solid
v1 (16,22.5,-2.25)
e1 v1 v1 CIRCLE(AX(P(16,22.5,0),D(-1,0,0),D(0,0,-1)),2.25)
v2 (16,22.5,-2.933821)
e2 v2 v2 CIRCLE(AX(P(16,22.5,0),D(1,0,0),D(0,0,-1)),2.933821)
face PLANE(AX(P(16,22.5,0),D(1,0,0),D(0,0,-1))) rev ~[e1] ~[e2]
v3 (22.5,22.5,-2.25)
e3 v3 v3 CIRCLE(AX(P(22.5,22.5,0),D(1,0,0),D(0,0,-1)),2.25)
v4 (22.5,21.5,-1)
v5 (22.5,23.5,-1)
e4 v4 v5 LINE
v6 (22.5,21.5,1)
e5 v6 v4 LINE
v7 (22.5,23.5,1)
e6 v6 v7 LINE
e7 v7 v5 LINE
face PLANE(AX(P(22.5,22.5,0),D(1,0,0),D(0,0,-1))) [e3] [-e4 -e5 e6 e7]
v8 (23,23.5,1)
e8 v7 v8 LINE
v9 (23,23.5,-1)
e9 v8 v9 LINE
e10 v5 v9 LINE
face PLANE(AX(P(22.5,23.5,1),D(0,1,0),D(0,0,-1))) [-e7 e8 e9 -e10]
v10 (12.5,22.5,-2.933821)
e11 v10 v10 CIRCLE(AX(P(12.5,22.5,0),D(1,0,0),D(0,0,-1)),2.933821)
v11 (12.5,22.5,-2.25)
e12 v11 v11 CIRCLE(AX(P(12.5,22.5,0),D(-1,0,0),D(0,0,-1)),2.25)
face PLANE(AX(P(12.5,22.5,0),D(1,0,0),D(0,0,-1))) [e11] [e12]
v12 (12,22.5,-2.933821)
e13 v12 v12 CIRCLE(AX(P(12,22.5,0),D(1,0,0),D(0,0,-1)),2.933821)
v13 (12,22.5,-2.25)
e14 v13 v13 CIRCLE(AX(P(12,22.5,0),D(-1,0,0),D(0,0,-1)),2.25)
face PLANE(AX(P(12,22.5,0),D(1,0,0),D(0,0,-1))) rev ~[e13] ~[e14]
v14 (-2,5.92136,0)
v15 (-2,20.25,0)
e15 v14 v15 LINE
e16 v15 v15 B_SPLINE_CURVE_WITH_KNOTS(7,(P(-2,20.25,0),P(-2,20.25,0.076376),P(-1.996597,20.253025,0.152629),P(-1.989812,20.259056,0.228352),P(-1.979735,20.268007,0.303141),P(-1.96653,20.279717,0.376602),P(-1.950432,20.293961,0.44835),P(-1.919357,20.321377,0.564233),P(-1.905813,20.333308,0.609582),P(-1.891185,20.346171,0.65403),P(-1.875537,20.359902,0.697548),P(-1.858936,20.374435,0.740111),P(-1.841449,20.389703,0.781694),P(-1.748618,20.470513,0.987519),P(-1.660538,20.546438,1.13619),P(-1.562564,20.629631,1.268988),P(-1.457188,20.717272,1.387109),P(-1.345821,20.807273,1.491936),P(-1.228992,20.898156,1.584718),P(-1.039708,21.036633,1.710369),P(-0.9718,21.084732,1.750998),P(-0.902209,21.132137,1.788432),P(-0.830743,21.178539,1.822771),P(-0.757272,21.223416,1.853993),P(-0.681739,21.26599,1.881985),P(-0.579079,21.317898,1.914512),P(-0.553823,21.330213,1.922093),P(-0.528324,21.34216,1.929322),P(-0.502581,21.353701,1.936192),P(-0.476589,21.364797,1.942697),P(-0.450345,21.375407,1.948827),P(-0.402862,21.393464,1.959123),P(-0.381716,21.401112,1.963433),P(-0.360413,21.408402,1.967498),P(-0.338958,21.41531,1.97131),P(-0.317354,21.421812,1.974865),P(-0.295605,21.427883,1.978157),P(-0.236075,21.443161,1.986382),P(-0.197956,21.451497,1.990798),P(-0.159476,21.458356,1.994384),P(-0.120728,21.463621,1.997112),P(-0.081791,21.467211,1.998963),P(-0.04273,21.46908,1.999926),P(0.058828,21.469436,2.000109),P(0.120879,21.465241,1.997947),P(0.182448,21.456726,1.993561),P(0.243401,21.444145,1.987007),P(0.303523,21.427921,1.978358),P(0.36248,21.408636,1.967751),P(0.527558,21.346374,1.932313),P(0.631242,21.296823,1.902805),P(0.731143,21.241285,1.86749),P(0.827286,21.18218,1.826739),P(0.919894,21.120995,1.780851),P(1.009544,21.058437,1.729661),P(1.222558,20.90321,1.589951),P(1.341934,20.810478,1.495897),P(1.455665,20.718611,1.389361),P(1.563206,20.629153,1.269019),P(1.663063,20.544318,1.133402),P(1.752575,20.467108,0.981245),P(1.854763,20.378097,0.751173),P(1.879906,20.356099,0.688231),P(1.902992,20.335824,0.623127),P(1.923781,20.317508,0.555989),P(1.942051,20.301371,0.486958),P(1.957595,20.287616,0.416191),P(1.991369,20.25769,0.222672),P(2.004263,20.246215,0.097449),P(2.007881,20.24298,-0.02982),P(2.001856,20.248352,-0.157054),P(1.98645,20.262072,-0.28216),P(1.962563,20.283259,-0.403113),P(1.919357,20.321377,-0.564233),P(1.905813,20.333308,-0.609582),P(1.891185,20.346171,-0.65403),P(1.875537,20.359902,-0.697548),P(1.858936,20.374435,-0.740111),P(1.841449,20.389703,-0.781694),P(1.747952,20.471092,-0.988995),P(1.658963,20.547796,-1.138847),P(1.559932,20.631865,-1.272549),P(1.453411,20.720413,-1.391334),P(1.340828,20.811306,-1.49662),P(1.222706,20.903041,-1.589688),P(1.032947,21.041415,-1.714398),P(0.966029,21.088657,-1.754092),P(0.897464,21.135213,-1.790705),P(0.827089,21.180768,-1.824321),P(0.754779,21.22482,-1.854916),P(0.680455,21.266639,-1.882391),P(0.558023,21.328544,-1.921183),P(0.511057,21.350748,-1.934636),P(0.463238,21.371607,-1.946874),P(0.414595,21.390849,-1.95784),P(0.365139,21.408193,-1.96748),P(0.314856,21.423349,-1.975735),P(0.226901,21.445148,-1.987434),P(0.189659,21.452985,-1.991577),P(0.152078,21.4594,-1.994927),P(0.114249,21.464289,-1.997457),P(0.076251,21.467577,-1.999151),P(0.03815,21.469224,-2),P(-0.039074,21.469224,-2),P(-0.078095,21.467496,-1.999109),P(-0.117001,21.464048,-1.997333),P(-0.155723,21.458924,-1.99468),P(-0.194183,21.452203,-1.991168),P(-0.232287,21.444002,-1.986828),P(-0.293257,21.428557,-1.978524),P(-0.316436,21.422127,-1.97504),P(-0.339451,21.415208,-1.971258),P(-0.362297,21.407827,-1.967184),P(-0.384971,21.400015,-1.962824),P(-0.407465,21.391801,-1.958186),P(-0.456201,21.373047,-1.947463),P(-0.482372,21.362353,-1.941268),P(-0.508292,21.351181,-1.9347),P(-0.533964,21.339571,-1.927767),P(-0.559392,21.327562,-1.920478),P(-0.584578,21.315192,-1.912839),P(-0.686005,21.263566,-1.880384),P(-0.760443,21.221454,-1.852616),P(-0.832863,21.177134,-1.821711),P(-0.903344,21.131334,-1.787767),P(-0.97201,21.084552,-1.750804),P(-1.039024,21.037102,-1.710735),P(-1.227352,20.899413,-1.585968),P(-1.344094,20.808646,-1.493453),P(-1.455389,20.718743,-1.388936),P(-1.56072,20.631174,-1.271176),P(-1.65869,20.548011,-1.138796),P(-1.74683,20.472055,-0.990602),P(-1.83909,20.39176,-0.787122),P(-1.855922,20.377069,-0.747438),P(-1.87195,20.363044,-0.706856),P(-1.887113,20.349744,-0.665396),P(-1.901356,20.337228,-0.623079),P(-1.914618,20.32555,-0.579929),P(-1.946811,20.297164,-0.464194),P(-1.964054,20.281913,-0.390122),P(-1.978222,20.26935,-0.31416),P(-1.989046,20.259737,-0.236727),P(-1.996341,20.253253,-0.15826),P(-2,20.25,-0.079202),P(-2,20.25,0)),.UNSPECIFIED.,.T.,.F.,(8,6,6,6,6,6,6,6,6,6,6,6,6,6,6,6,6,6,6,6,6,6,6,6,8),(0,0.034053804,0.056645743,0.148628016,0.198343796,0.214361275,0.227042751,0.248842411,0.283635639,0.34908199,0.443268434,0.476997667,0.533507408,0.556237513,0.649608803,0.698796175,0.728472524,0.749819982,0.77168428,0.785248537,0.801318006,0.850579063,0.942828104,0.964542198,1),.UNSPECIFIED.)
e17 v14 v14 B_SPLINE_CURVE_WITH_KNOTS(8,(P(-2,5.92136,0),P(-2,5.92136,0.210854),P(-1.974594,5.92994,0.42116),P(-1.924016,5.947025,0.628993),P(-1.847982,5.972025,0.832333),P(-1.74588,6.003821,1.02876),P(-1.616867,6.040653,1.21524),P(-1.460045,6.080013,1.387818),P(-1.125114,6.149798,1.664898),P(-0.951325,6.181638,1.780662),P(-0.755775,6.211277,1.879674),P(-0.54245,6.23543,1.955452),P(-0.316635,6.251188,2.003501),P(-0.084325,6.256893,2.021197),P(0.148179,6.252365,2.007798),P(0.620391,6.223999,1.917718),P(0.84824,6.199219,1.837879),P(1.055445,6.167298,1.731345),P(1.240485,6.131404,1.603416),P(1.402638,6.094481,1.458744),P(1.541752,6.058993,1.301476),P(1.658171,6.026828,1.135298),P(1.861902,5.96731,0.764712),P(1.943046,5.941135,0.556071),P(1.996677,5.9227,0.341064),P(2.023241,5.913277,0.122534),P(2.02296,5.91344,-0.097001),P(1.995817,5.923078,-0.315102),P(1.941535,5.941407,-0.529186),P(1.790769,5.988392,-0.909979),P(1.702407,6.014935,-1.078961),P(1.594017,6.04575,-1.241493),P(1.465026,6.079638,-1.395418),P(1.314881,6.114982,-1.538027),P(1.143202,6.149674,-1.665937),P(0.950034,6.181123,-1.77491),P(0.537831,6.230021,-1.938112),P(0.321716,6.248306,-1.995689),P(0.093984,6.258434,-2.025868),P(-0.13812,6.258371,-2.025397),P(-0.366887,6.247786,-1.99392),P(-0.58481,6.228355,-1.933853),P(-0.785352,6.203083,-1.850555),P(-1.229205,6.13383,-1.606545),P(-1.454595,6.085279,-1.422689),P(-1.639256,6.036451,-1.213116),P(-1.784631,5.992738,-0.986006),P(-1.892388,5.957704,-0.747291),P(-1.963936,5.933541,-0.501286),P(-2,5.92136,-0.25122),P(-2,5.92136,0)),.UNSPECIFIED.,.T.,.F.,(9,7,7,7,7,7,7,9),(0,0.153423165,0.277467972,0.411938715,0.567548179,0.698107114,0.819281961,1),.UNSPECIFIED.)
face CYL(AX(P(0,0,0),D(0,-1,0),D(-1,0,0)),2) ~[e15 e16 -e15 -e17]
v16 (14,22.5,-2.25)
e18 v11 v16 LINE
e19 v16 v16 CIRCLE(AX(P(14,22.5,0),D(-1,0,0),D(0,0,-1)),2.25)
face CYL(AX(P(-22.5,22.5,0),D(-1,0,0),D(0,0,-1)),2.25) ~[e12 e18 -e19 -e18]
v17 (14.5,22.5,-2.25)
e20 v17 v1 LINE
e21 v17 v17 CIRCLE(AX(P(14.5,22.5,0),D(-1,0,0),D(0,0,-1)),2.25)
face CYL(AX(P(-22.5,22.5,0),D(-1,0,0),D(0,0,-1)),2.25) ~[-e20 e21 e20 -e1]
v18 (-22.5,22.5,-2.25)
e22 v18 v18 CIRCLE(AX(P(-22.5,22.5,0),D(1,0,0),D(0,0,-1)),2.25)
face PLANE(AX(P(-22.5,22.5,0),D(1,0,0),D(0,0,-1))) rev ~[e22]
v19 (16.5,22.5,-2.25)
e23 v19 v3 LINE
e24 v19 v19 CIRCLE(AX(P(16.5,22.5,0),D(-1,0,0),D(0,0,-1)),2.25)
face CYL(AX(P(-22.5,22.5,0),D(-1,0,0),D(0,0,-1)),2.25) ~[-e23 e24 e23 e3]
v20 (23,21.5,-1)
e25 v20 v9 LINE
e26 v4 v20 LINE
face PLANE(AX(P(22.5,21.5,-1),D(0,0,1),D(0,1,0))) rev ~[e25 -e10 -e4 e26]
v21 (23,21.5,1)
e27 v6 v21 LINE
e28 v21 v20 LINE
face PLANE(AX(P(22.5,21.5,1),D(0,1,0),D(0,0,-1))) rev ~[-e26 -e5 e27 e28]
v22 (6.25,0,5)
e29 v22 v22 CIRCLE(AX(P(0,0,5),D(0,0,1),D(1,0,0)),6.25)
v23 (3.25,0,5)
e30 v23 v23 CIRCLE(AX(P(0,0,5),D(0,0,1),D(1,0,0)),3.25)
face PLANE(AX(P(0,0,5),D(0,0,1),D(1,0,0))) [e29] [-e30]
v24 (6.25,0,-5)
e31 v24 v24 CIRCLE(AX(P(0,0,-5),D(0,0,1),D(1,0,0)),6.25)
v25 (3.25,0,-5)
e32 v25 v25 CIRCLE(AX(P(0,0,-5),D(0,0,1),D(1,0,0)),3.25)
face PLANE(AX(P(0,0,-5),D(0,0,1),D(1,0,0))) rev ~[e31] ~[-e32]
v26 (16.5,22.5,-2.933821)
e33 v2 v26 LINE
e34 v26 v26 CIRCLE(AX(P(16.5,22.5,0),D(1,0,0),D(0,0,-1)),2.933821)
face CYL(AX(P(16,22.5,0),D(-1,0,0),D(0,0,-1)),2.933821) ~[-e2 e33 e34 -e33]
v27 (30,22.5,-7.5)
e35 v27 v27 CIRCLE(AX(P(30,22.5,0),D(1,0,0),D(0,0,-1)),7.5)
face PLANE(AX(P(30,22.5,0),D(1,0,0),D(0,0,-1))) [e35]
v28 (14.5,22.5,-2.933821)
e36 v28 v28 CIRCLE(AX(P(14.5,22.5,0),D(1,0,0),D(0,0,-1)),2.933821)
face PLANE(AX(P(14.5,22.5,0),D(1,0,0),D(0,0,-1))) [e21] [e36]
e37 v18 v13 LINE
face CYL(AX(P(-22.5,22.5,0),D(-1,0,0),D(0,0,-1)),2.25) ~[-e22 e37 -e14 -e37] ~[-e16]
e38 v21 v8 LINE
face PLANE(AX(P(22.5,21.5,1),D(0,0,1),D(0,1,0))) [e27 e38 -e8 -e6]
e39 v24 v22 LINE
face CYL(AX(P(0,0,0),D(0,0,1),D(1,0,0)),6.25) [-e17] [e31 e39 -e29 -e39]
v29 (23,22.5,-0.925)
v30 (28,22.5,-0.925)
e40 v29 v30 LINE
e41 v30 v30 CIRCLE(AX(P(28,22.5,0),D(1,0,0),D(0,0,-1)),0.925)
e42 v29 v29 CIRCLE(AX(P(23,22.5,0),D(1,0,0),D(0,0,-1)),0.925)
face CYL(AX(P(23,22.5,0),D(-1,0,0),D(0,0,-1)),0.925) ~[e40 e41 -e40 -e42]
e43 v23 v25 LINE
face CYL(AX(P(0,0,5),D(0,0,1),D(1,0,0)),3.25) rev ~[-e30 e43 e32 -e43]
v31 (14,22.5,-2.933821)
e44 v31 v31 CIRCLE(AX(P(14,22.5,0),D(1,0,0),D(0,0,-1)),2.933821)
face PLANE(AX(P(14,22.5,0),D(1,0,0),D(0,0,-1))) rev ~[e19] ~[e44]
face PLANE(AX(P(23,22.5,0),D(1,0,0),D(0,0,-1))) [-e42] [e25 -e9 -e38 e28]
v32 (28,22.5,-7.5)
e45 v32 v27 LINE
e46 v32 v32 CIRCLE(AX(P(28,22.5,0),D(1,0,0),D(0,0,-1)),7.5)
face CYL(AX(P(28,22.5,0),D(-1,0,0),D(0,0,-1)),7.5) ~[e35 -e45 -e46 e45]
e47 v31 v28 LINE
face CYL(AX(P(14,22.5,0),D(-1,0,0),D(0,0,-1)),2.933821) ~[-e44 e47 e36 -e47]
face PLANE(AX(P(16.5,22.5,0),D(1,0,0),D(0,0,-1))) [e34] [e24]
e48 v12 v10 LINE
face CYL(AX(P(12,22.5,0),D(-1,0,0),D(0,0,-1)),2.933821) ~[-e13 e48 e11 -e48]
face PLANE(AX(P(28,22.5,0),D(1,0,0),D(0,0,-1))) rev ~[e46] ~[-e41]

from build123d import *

# Parameters (mm, degrees)
SKETCH2_R           = 6.25
EXTRUDE1_DEPTH      = 5
SKETCH3_R           = 2
EXTRUDE2_DEPTH      = 22.5
EXTRUDE3_DEPTH      = 22.5
EXTRUDE3_DEPTH_BACK = 22.5
SKETCH4_R           = 2.25
SKETCH5_R           = 2.933820517
EXTRUDE4_DEPTH      = 0.5
LPATTERN1_COUNT     = 3
LPATTERN1_PITCH     = 2
SKETCH9_W           = 2
SKETCH9_H           = 2
EXTRUDE6_DEPTH      = 0.5
SKETCH7_R           = 3.25
CUT_EXTRUDE1_DEPTH  = 36.719451677
SKETCH6_R           = 0.925
EXTRUDE7_DEPTH      = 5
SKETCH10_R          = 7.5
EXTRUDE8_DEPTH      = 2


with BuildPart() as part:
    # Sketch2 → Extrude1 (new, symmetric)
    with BuildSketch(Plane.XY):
        Circle(SKETCH2_R)
    extrude(amount=EXTRUDE1_DEPTH, both=True)

    # Sketch3 → Extrude2 (add)
    with BuildSketch(Plane(origin=(0, 0, 0), x_dir=(-1, 0, 0), z_dir=(0, 1, 0))):
        Circle(SKETCH3_R)
    extrude(amount=EXTRUDE2_DEPTH)

    # Sketch4 → Extrude3 (add, two sides: drawn at the far end of the back side and taken through both)
    with BuildSketch(Plane(origin=(0, 0, 0), x_dir=(0, 0, -1), z_dir=(1, 0, 0)).offset(-EXTRUDE3_DEPTH_BACK)):
        with Locations((0, 22.5)):
            Circle(SKETCH4_R)
    extrude(amount=EXTRUDE3_DEPTH + EXTRUDE3_DEPTH_BACK)

    # Sketch5 → Extrude4 (add)
    with BuildSketch(Plane(origin=(12, 0, 0), x_dir=(0, 0, -1), z_dir=(1, 0, 0))):
        with Locations((0, 22.5)):
            Circle(SKETCH5_R)
    extrude4 = extrude(amount=EXTRUDE4_DEPTH)

    # LPattern1: Extrude4 ×3
    with Locations(*[(i * LPATTERN1_PITCH, 0, 0) for i in range(1, LPATTERN1_COUNT)]):
        add(extrude4)

    # Sketch9 → Extrude6 (add)
    with BuildSketch(Plane(origin=(22.5, 0, 0), x_dir=(0, 0, -1), z_dir=(1, 0, 0))):
        with Locations((0, 22.5)):
            Rectangle(SKETCH9_W, SKETCH9_H)
    extrude(amount=EXTRUDE6_DEPTH)

    # Sketch7 → Cut-Extrude1 (cut, through all)
    with BuildSketch(Plane.XY.offset(5)):
        Circle(SKETCH7_R)
    extrude(amount=-CUT_EXTRUDE1_DEPTH, mode=Mode.SUBTRACT)

    # Sketch6 → Extrude7 (add)
    with BuildSketch(Plane(origin=(23, 0, 0), x_dir=(0, 0, -1), z_dir=(1, 0, 0))):
        with Locations((0, 22.5)):
            Circle(SKETCH6_R)
    extrude(amount=EXTRUDE7_DEPTH)

    # Sketch10 → Extrude8 (add)
    with BuildSketch(Plane(origin=(28, 0, 0), x_dir=(0, 0, -1), z_dir=(1, 0, 0))):
        with Locations((0, 22.5)):
            Circle(SKETCH10_R)
    extrude(amount=EXTRUDE8_DEPTH)


solid = part.part
